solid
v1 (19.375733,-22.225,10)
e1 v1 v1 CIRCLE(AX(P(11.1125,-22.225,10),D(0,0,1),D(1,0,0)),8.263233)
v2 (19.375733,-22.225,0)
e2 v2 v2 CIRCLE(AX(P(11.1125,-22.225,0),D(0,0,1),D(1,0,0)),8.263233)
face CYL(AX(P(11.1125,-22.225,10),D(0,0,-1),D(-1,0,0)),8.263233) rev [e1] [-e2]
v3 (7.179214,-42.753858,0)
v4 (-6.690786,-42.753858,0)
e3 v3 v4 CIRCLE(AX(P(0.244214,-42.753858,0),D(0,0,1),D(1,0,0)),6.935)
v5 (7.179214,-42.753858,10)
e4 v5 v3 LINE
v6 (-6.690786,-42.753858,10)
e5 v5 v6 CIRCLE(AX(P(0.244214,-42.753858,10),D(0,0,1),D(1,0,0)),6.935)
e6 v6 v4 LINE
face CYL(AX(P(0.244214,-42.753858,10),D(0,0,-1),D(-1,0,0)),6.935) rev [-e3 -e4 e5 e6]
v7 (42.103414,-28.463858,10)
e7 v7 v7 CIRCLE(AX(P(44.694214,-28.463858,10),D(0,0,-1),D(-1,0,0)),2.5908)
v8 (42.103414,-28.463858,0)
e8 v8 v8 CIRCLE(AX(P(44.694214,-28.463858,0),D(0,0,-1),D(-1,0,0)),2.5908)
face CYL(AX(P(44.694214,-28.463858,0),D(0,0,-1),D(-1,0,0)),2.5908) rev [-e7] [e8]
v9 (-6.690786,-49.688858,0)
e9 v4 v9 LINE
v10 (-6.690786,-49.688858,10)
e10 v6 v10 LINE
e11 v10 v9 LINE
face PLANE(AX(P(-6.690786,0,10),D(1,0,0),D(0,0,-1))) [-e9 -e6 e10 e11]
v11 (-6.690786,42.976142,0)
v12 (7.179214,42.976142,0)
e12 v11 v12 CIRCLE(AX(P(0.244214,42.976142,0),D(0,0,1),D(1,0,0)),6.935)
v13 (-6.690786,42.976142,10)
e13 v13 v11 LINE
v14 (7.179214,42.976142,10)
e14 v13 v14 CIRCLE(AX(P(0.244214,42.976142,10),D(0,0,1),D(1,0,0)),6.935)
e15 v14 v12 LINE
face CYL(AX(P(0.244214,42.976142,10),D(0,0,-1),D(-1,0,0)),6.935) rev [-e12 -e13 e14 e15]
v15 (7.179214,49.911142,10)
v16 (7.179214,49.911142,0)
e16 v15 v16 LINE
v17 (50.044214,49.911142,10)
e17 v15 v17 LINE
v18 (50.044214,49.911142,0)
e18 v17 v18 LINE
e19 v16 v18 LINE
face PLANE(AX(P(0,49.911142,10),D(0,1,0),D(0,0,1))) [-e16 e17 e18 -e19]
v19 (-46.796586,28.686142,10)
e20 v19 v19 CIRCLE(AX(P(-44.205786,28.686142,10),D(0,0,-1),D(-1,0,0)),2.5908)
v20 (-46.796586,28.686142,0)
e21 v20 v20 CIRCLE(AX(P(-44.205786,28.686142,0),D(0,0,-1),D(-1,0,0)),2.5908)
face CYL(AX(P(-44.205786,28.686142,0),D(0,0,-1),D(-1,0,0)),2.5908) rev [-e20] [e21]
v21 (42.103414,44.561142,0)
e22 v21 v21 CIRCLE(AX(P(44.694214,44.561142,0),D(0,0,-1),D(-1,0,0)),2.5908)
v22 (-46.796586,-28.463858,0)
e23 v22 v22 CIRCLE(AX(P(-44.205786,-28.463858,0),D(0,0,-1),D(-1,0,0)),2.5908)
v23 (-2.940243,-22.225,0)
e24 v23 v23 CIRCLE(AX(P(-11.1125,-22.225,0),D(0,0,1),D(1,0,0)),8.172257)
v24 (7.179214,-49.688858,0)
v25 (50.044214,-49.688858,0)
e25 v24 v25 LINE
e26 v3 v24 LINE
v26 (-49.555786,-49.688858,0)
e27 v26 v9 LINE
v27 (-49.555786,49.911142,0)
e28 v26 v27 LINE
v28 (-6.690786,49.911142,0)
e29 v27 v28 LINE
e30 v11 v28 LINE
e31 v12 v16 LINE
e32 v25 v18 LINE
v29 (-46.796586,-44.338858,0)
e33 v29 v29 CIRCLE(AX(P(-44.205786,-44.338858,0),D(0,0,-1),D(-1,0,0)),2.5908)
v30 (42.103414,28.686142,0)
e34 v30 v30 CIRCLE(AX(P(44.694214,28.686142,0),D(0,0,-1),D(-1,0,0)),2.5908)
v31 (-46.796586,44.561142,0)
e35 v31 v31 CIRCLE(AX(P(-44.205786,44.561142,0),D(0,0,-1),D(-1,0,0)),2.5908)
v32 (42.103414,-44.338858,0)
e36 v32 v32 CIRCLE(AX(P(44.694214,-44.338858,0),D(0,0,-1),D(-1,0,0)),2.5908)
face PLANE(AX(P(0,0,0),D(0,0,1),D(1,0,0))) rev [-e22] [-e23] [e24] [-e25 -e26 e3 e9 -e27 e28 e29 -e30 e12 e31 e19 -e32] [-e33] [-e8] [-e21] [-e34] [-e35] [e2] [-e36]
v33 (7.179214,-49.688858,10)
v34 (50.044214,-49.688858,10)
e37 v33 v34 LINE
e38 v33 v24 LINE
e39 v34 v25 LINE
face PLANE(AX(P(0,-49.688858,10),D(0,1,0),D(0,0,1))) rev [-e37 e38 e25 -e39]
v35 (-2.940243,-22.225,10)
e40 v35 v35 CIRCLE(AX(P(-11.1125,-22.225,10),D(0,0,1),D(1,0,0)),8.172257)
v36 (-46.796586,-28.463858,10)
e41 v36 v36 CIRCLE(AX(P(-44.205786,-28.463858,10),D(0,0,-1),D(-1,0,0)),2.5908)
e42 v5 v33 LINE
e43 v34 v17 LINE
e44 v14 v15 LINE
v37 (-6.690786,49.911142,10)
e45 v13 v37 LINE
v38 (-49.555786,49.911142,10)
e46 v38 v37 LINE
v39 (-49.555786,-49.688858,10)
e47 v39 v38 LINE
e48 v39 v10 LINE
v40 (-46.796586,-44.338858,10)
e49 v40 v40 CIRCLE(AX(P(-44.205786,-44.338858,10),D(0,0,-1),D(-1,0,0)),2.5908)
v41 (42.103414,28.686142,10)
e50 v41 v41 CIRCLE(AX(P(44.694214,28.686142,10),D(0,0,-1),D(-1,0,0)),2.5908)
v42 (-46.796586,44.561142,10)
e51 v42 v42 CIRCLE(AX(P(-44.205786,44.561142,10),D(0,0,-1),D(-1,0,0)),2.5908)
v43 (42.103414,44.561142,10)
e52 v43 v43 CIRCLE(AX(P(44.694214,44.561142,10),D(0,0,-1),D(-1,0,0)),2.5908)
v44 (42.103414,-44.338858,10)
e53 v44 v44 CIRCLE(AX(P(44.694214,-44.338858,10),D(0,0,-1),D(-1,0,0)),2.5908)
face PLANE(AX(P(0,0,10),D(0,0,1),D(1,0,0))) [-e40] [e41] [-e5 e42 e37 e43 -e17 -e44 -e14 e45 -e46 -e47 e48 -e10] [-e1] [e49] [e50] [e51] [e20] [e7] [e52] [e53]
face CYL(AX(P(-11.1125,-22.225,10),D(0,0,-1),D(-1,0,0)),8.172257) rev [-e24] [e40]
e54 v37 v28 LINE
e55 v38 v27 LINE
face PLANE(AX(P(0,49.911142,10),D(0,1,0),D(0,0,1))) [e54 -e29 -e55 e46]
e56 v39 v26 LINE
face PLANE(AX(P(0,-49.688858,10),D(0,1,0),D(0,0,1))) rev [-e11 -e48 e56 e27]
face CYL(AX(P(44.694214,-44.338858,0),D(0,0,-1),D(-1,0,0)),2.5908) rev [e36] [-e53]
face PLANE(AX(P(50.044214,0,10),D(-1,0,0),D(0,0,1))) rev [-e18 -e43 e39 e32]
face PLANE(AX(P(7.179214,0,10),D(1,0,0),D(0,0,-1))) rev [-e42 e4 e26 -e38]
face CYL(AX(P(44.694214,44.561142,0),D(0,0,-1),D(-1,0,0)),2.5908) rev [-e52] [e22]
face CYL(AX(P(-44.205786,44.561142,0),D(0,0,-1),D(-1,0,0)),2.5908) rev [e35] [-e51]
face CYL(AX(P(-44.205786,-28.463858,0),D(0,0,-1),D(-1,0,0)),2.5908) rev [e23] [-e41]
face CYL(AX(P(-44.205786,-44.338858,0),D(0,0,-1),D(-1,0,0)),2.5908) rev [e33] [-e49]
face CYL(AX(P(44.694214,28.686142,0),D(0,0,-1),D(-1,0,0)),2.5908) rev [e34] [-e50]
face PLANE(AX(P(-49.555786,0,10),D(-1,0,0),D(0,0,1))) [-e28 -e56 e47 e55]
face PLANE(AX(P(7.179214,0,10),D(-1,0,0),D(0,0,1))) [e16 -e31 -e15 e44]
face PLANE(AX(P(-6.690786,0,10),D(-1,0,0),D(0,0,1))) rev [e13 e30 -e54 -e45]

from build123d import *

# Parameters (mm, degrees)
SKETCH3_R                  = 8.172257435
SKETCH3_R_2                = 8.263232928
BOSS_EXTRUDE4_DEPTH        = 10
F_6_0_204_DIAMETER_HOLE1_D = 5.1816


with BuildPart() as part:
    # Sketch3 → Boss-Extrude4 (new body)
    # profile 1 of 5: a face of its own
    with BuildSketch(Plane.XY):
        Polygon((-49.555785737, 49.911142193), (-49.555785737, -49.688857807), (-6.690785737, -49.688857807), (-6.690785737, -42.753857807), (-6.690785737, -35.818857807), (0.244214263, -35.818857807), (7.179214263, -35.818857807), (7.179214263, -42.753857807), (7.179214263, -49.688857807), (50.044214263, -49.688857807), (50.044214263, 49.911142193), (7.179214263, 49.911142193), (7.179214263, 42.976142193), (7.179214263, 36.041142193), (0.244214299, 36.041142193), (-6.690785737, 36.041142193), (-6.690785737, 42.976142193), (-6.690785737, 49.911142193), align=None)
        with Locations((-11.1125, -22.225)):
            Circle(SKETCH3_R, mode=Mode.SUBTRACT)
        with Locations((11.1125, -22.225)):
            Circle(SKETCH3_R_2, mode=Mode.SUBTRACT)
    # profile 2 of 5: a face of its own
    with BuildSketch(Plane.XY):
        with BuildLine():
            Line((-6.690785737, -35.818857807), (-6.690785737, -42.753857807))
            ThreePointArc((-6.690785737, -42.753857807), (-4.659571264, -37.85007228), (0.244214263, -35.818857807))
            Line((0.244214263, -35.818857807), (-6.690785737, -35.818857807))
        make_face()
    # profile 3 of 5: a face of its own
    with BuildSketch(Plane.XY):
        with BuildLine():
            ThreePointArc((0.244214263, -35.818857807), (5.147999791, -37.85007228), (7.179214263, -42.753857807))
            Line((7.179214263, -42.753857807), (7.179214263, -35.818857807))
            Line((7.179214263, -35.818857807), (0.244214263, -35.818857807))
        make_face()
    # profile 4 of 5: a face of its own
    with BuildSketch(Plane.XY):
        with BuildLine():
            ThreePointArc((0.244214299, 36.041142193), (-4.659571252, 38.072356653), (-6.690785737, 42.976142193))
            Line((-6.690785737, 42.976142193), (-6.690785737, 36.041142193))
            Line((-6.690785737, 36.041142193), (0.244214299, 36.041142193))
        make_face()
    # profile 5 of 5: a face of its own
    with BuildSketch(Plane.XY):
        with BuildLine():
            Line((7.179214263, 36.041142193), (7.179214263, 42.976142193))
            ThreePointArc((7.179214263, 42.976142193), (5.147999803, 38.072356678), (0.244214299, 36.041142193))
            Line((0.244214299, 36.041142193), (7.179214263, 36.041142193))
        make_face()
    extrude(amount=BOSS_EXTRUDE4_DEPTH)

    # #6 (0.204) Diameter Hole1 (through all)
    with Locations(Plane(origin=(0, 0, 0), x_dir=(-1, 0, 0), z_dir=(0, 0, -1))):
        with Locations((44.205785737, -44.338857807), (-44.694214263, -44.338857807), (-44.694214263, 44.561142193), (44.205785737, 44.561142193), (44.205785737, 28.686142193), (44.205785737, -28.463857807), (-44.694214263, -28.463857807), (-44.694214263, 28.686142193)):
            Hole(F_6_0_204_DIAMETER_HOLE1_D / 2)


solid = part.part
